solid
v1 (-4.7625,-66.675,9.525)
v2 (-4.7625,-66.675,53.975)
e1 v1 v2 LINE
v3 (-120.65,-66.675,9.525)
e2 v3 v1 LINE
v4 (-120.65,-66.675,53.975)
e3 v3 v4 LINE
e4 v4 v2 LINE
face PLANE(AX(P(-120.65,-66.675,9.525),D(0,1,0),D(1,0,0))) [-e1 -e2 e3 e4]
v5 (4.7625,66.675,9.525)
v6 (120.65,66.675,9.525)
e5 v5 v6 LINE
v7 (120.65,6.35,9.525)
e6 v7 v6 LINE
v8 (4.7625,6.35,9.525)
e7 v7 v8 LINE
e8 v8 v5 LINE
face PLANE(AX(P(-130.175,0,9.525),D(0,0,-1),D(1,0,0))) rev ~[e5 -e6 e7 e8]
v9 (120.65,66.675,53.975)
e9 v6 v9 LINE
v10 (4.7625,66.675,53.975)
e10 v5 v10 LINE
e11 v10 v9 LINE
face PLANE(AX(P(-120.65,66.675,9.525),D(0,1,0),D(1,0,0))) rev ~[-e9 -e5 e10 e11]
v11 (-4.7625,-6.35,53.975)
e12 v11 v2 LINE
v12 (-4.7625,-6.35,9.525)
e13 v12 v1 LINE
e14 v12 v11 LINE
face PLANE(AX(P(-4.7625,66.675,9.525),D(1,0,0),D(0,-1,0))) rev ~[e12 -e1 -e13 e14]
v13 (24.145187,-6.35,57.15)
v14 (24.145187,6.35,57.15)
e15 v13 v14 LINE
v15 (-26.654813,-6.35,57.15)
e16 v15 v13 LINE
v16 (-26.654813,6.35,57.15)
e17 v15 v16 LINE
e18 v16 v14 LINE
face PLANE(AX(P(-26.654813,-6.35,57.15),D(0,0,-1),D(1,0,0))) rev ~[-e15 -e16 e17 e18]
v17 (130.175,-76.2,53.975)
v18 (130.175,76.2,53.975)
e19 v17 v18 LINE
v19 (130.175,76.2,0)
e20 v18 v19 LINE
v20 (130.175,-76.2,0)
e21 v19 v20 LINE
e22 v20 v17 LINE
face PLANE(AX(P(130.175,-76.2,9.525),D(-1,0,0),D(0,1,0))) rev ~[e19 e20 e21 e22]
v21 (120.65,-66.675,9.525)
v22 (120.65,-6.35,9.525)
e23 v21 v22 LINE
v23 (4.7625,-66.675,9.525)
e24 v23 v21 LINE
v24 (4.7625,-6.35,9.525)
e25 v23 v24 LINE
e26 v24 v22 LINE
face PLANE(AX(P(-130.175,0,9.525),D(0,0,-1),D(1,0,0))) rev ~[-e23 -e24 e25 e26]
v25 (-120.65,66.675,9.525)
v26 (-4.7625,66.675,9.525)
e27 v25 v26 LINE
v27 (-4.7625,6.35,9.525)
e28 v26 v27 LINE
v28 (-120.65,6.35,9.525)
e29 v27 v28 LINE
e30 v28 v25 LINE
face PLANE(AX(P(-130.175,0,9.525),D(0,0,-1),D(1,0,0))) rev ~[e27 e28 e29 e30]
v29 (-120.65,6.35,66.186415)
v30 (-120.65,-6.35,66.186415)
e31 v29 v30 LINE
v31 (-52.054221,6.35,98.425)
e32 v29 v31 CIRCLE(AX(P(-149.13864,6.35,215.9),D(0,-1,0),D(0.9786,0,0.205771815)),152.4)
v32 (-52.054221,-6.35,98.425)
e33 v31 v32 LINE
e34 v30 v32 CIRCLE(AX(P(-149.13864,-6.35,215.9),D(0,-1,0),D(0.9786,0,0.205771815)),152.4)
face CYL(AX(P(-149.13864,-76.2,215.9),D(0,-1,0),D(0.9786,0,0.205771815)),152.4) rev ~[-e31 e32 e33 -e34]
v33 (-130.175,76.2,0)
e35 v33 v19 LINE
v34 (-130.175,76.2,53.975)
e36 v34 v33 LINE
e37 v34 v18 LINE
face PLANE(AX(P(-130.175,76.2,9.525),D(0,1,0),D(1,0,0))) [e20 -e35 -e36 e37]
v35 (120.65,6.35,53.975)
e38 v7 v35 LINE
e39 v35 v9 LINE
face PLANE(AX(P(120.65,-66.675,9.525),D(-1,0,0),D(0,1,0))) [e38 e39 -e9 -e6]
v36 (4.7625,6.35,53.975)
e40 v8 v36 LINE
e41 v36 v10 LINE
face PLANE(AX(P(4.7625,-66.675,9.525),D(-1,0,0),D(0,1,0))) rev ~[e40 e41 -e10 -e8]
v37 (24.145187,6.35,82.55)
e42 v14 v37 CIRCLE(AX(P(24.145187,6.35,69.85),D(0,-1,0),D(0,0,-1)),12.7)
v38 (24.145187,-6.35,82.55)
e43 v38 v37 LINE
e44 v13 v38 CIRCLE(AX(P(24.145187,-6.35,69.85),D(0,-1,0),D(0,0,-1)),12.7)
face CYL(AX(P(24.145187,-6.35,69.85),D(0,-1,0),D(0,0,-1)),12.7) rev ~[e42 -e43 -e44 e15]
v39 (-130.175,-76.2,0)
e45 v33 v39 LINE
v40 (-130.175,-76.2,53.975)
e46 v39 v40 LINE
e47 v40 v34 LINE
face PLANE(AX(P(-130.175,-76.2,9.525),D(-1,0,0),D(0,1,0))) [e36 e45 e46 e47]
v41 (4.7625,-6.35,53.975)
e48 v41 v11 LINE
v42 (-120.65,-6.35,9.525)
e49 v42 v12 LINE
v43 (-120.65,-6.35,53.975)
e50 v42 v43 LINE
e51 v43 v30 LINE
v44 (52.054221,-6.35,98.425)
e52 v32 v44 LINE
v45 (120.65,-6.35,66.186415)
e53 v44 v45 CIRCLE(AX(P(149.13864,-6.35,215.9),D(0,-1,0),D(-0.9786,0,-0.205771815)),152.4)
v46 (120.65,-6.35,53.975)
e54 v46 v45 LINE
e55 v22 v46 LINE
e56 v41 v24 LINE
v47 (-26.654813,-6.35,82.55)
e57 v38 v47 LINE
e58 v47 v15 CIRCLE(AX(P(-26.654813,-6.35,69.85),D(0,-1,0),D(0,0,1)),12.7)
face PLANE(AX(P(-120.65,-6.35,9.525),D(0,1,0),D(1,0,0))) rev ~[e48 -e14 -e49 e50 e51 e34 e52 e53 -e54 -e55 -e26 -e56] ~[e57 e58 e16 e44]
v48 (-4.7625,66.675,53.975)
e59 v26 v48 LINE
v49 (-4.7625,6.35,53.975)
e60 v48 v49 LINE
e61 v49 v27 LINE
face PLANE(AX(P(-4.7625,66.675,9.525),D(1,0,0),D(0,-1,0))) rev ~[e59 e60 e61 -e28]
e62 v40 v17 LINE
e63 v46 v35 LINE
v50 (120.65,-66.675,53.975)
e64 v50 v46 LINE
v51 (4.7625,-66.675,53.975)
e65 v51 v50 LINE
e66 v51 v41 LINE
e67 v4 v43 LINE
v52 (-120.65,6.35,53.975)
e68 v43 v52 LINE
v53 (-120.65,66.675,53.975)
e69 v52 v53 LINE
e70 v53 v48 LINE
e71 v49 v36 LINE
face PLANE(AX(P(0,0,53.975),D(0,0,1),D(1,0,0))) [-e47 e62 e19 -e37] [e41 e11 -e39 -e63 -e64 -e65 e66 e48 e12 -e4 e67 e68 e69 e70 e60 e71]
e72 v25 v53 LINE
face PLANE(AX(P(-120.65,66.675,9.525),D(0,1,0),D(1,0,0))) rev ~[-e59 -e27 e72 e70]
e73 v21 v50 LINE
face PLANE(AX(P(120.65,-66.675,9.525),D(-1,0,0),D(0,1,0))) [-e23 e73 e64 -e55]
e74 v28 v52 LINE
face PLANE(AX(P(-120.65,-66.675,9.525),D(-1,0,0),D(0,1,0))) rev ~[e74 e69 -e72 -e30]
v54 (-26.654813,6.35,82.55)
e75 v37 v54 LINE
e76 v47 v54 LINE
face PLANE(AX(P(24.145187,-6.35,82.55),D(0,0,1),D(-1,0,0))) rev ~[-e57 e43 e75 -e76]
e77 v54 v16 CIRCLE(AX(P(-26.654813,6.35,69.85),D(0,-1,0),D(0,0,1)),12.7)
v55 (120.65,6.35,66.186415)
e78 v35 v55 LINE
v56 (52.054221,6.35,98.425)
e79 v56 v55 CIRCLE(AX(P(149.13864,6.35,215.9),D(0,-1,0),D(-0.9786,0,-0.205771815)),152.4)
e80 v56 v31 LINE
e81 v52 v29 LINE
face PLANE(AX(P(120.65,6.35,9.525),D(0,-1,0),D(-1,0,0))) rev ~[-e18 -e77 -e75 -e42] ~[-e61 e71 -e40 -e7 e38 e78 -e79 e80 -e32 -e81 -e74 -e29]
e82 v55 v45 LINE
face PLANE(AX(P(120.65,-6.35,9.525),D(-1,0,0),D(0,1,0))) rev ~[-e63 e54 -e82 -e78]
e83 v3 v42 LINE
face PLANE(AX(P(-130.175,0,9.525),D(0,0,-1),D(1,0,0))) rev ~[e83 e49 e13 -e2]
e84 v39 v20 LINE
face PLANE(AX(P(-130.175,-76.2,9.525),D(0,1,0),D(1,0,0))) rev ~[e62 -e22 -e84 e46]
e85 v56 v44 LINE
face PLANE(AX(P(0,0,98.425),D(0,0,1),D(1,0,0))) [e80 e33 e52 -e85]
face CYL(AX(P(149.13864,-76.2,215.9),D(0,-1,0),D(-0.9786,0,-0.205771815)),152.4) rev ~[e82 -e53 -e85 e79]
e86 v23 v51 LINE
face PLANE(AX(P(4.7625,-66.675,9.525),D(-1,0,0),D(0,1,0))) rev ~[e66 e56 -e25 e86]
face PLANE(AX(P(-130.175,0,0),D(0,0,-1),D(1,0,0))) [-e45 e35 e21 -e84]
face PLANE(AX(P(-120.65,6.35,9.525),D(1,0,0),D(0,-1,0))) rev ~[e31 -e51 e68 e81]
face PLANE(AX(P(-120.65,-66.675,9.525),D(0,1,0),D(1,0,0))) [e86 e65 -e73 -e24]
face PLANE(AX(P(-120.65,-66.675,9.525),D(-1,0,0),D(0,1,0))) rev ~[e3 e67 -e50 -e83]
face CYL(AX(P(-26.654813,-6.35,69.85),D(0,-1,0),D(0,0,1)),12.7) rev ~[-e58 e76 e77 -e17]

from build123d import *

# Parameters (mm, degrees)
F0_W      = 260.35
F0_H      = 9.525
F1_DEPTH  = 76.2
F2_W      = 260.35
F2_H      = 152.4
F2_W_2    = 241.3
F2_H_2    = 133.35
F3_DEPTH  = 44.45
F5_DEPTH  = 44.45
F7_DEPTH  = 88.9
F9_DEPTH  = 12.7
F11_DEPTH = 223.52


with BuildPart() as f1:
    # F0 (on Front) → F1 (new body, symmetric)
    with BuildSketch(Plane.XZ):
        with Locations((0, 4.7625)):
            Rectangle(F0_W, F0_H)
    extrude(amount=F1_DEPTH, both=True)

    # F2 (on face) → F3 (join)
    with BuildSketch(Plane.XY.offset(9.525)):
        Rectangle(F2_W, F2_H)
        Rectangle(F2_W_2, F2_H_2, mode=Mode.SUBTRACT)
    extrude(amount=F3_DEPTH)

    # F4 (on face) → F5 (join)
    with BuildSketch(Plane.XY.offset(9.525)):
        Polygon((-4.7625, -66.675), (0, -66.675), (4.7625, -66.675), (4.7625, 66.675), (0, 66.675), (-4.7625, 66.675), align=None)
    extrude(amount=F5_DEPTH)

    # F6 (on face) → F7 (join)
    with BuildSketch(Plane.XY.offset(9.525)):
        Polygon((-120.65, 6.35), (-120.65, 0), (-120.65, -6.35), (120.65, -6.35), (120.65, 6.35), align=None)
    extrude(amount=F7_DEPTH)

    # F8 (on face) → F9 (cut)
    with BuildSketch(Plane.XZ.offset(6.35)):
        with BuildLine():
            ThreePointArc((24.1451865613, 57.15), (36.8451865613, 69.85), (24.1451865613, 82.55))
            Line((24.1451865613, 82.55), (-26.6548134387, 82.55))
            ThreePointArc((-26.6548134387, 82.55), (-39.3548134387, 69.85), (-26.6548134387, 57.15))
            Line((-26.6548134387, 57.15), (24.1451865613, 57.15))
        make_face()
    extrude(amount=-F9_DEPTH, mode=Mode.SUBTRACT)

    # F10 (on face) → F11 (cut)
    with BuildSketch(Plane.XZ.offset(76.2)):
        with BuildLine():
            ThreePointArc((0, 247.2596246621), (-267.4707294697, 311.9378914894), (-149.1386400133, 63.5))
            ThreePointArc((-149.1386400133, 63.5), (-53.1007485209, 97.5679105219), (0, 184.5403753379))
            ThreePointArc((0, 184.5403753379), (-3.26136, 215.9), (0, 247.2596246621))
        make_face()
        with BuildLine():
            ThreePointArc((0, 247.2596246621), (-3.26136, 215.9), (0, 184.5403753379))
            ThreePointArc((0, 184.5403753379), (2.4438272183, 200.1356214204), (3.26136, 215.9))
            ThreePointArc((3.26136, 215.9), (2.4438272183, 231.6643785796), (0, 247.2596246621))
        make_face()
        with BuildLine():
            ThreePointArc((0, 184.5403753379), (53.1007485157, 97.5679105261), (149.13864, 63.5))
            ThreePointArc((149.13864, 63.5), (256.9017134528, 108.1369265472), (301.53864, 215.9))
            ThreePointArc((301.53864, 215.9), (164.9030185796, 367.4824672183), (0, 247.2596246621))
            ThreePointArc((0, 247.2596246621), (2.4438272183, 231.6643785796), (3.26136, 215.9))
            ThreePointArc((3.26136, 215.9), (2.4438272183, 200.1356214204), (0, 184.5403753379))
        make_face()
    extrude(amount=-F11_DEPTH, mode=Mode.SUBTRACT)


solid = f1.part
